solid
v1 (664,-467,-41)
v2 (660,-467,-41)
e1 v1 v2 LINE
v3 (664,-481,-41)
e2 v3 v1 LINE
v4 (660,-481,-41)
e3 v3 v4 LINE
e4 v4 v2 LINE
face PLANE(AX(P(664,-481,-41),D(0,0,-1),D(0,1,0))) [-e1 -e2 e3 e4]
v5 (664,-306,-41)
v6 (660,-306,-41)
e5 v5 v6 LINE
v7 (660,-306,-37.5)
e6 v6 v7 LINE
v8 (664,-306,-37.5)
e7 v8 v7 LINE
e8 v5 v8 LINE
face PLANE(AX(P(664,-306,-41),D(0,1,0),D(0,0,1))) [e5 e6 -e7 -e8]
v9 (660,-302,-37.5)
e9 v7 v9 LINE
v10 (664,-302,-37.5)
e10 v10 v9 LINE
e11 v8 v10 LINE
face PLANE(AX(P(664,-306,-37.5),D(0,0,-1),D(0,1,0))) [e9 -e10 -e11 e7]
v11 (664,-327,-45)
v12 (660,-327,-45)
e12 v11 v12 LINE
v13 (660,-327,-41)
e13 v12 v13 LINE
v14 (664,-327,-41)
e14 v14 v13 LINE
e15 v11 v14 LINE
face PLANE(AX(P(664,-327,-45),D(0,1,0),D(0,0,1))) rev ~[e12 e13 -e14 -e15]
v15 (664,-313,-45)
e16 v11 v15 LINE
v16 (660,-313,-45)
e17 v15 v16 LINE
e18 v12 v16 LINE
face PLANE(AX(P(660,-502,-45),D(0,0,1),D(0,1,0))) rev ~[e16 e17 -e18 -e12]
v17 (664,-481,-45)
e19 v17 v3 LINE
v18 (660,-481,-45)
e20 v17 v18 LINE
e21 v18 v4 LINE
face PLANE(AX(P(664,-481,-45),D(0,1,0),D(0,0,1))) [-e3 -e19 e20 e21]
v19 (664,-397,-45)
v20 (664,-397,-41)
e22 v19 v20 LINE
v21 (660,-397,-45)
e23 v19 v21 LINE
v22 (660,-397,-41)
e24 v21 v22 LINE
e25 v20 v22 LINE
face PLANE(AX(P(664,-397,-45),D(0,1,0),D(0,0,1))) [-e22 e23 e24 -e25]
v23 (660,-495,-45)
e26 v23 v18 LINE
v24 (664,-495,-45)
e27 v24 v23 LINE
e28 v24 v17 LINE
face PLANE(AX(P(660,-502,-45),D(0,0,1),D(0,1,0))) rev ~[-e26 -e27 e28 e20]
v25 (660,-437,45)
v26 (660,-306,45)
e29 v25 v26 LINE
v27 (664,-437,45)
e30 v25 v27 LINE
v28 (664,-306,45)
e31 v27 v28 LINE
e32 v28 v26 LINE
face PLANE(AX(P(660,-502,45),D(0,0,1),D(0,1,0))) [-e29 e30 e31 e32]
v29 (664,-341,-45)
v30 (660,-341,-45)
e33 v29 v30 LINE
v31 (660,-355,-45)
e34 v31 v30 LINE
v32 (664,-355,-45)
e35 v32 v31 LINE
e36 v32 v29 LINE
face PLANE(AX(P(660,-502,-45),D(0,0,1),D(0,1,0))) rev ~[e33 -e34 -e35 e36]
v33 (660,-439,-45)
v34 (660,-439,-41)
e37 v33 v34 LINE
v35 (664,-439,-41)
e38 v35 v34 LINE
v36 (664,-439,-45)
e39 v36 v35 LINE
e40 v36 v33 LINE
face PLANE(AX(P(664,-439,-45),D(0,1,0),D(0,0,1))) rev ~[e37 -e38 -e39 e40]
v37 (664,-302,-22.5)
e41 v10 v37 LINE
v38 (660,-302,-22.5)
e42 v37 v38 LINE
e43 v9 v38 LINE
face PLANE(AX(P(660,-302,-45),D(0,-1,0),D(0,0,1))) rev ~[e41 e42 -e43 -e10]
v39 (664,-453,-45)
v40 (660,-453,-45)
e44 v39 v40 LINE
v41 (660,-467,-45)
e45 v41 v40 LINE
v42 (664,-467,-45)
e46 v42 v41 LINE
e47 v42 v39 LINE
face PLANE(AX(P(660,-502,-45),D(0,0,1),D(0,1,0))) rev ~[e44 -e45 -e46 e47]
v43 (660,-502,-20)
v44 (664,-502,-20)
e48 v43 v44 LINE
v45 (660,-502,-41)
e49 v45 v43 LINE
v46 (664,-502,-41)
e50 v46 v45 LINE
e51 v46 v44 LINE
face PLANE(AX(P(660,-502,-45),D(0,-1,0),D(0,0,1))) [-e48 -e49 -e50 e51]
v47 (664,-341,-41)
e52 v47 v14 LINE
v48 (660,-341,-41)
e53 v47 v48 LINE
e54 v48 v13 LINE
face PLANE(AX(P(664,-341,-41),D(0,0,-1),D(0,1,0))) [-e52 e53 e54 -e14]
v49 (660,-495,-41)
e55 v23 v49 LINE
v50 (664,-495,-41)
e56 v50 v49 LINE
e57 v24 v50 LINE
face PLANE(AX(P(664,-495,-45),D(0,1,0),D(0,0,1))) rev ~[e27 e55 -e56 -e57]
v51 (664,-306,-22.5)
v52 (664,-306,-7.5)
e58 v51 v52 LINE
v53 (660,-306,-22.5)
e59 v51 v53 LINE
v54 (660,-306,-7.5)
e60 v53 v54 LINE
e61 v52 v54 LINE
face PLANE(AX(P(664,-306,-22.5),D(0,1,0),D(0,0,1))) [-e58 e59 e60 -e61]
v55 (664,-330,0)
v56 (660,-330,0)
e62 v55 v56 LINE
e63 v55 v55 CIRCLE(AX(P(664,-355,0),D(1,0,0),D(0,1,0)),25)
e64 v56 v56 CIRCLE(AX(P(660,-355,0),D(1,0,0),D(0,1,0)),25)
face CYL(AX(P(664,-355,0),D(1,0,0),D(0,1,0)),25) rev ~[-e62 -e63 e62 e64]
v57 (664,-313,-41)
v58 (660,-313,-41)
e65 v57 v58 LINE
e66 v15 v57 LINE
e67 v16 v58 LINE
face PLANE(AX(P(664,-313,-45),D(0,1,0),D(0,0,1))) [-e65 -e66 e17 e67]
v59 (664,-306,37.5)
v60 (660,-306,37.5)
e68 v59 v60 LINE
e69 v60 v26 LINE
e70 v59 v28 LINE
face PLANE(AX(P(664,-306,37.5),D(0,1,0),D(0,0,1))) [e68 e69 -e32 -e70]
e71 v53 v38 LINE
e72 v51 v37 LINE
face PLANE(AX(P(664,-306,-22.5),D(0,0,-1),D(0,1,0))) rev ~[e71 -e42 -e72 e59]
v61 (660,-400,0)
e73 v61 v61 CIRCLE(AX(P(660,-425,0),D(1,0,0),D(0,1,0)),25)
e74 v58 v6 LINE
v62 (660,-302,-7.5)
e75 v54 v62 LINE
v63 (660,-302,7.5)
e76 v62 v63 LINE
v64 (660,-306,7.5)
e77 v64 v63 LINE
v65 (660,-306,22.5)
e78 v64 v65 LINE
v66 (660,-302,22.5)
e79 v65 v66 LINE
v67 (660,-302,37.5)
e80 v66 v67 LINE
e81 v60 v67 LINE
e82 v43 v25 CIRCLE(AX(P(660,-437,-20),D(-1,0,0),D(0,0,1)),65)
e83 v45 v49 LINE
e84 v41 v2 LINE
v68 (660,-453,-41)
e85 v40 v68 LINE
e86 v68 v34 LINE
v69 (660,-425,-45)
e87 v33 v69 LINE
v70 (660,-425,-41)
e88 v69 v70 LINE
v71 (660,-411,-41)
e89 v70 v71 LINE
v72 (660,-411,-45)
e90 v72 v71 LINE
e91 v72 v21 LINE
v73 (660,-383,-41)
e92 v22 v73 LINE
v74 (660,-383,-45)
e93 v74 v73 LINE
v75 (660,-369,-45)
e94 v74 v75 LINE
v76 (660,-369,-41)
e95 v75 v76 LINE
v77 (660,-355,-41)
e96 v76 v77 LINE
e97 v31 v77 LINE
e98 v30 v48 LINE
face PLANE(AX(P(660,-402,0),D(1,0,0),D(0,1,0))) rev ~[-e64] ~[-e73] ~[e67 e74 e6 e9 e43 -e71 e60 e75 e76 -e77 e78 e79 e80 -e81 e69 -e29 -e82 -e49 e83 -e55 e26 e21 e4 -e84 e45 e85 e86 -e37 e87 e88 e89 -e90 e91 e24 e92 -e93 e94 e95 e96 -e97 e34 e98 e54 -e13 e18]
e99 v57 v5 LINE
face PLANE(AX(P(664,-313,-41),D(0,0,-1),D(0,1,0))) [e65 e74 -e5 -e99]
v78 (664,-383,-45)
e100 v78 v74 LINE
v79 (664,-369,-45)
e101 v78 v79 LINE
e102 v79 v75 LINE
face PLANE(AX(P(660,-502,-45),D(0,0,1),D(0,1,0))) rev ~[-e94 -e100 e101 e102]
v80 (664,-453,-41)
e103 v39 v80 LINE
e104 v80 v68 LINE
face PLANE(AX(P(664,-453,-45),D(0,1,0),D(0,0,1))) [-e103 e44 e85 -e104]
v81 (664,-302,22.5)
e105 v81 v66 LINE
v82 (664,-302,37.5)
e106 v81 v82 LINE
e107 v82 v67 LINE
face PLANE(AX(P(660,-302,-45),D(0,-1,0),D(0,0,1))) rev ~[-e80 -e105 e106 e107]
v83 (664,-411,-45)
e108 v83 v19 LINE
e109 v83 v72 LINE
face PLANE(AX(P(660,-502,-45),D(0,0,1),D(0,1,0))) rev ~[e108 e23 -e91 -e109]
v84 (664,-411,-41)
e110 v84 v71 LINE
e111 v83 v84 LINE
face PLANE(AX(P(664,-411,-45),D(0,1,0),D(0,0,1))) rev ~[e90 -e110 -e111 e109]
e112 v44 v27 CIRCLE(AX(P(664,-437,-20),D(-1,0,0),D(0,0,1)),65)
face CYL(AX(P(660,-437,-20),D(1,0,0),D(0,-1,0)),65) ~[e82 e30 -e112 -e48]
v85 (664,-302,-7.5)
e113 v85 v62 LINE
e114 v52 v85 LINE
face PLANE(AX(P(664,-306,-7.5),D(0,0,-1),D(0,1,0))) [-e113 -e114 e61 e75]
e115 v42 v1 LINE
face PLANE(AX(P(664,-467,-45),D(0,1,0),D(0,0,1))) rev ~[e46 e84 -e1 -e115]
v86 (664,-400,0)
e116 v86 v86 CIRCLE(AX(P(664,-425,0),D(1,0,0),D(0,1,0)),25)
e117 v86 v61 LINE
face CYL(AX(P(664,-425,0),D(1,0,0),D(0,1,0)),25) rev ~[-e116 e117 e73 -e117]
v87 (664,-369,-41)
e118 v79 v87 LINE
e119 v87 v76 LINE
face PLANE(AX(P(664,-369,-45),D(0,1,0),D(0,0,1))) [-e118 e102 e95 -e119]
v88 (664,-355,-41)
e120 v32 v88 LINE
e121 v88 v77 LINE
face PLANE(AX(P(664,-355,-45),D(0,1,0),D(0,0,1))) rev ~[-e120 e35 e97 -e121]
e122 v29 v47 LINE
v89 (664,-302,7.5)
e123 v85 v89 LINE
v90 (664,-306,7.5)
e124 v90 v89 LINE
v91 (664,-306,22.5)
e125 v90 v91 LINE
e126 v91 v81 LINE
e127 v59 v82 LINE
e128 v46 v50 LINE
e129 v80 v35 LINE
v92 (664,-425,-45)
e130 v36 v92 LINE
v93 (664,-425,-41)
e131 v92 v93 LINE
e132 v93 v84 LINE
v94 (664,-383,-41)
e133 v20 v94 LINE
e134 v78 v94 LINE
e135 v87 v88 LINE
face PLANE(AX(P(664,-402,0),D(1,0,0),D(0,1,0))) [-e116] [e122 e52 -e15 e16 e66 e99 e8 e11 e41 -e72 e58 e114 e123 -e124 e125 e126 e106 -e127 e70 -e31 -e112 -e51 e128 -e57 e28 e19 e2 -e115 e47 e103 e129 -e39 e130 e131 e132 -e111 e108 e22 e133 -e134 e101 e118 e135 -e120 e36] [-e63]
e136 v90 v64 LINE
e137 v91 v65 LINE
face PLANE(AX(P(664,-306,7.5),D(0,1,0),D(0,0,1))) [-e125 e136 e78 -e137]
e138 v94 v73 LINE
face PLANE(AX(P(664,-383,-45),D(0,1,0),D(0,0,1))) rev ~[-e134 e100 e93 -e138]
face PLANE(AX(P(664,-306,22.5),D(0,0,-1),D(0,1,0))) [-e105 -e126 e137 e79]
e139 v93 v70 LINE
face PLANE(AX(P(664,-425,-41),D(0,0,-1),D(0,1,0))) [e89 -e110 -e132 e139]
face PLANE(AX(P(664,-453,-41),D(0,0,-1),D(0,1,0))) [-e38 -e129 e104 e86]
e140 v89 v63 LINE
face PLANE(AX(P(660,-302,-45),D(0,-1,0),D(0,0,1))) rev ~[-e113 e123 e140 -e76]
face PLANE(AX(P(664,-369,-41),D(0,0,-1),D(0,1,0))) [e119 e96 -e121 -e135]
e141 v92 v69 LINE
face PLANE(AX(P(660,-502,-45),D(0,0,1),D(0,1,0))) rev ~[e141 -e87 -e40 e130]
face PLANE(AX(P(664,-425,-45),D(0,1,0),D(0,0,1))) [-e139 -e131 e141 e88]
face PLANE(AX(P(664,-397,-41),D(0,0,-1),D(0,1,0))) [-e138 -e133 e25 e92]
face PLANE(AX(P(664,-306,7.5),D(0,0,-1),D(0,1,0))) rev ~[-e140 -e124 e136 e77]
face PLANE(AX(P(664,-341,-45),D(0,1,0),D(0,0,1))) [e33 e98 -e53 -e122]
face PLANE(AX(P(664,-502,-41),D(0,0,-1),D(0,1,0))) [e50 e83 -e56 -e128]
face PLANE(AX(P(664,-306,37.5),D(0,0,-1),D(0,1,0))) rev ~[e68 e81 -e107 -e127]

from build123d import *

# Parameters (mm, degrees)
SKETCH089_W     = 200
SKETCH089_H     = 90
PAD044_DEPTH    = 4
SKETCH088_R     = 25
SKETCH088_W     = 7
SKETCH088_H     = 4
SKETCH088_W_2   = 14
SKETCH088_W_3   = 4
SKETCH088_H_2   = 15
SKETCH088_H_3   = 7.5
POCKET040_DEPTH = 4
FILLET007_R     = 65


with BuildPart() as part:
    # Sketch089 → Pad044 (new body)
    with BuildSketch(Plane.YZ):
        Rectangle(SKETCH089_W, SKETCH089_H)
    extrude(amount=PAD044_DEPTH)

    # Sketch088 (on Face6 of Pad044) → Pocket040 (cut)
    with BuildSketch(Plane.YZ.offset(4)):
        with Locations((-23, 0)):
            Circle(SKETCH088_R)
        with Locations((47, 0)):
            Circle(SKETCH088_R)
        with Locations((-96.5, -43)):
            Rectangle(SKETCH088_W, SKETCH088_H)
        with Locations((-72, -43)):
            Rectangle(SKETCH088_W_2, SKETCH088_H)
        with Locations((-44, -43)):
            Rectangle(SKETCH088_W_2, SKETCH088_H)
        with Locations((-16, -43)):
            Rectangle(SKETCH088_W_2, SKETCH088_H)
        with Locations((12, -43)):
            Rectangle(SKETCH088_W_2, SKETCH088_H)
        with Locations((40, -43)):
            Rectangle(SKETCH088_W_2, SKETCH088_H)
        with Locations((68, -43)):
            Rectangle(SKETCH088_W_2, SKETCH088_H)
        with Locations((98, -15)):
            Rectangle(SKETCH088_W_3, SKETCH088_H_2)
        with Locations((98, 15)):
            Rectangle(SKETCH088_W_3, SKETCH088_H_2)
        with Locations((98, 41.25)):
            Rectangle(SKETCH088_W_3, SKETCH088_H_3)
        Polygon((89, -45), (89, -41), (96, -41), (96, -37.5), (100, -37.5), (100, -45), align=None)
    extrude(amount=-POCKET040_DEPTH, mode=Mode.SUBTRACT)

    # Fillet007
    fillet007_edges = [part.edges().sort_by_distance(p)[0] for p in [
        (2, -100, 45),
    ]]
    fillet(fillet007_edges, radius=FILLET007_R)


with BuildPart() as part_1:
    # Body044 placement: moved
    add(part.part.moved(Location((660, -402, 0))))


solid = part_1.part
